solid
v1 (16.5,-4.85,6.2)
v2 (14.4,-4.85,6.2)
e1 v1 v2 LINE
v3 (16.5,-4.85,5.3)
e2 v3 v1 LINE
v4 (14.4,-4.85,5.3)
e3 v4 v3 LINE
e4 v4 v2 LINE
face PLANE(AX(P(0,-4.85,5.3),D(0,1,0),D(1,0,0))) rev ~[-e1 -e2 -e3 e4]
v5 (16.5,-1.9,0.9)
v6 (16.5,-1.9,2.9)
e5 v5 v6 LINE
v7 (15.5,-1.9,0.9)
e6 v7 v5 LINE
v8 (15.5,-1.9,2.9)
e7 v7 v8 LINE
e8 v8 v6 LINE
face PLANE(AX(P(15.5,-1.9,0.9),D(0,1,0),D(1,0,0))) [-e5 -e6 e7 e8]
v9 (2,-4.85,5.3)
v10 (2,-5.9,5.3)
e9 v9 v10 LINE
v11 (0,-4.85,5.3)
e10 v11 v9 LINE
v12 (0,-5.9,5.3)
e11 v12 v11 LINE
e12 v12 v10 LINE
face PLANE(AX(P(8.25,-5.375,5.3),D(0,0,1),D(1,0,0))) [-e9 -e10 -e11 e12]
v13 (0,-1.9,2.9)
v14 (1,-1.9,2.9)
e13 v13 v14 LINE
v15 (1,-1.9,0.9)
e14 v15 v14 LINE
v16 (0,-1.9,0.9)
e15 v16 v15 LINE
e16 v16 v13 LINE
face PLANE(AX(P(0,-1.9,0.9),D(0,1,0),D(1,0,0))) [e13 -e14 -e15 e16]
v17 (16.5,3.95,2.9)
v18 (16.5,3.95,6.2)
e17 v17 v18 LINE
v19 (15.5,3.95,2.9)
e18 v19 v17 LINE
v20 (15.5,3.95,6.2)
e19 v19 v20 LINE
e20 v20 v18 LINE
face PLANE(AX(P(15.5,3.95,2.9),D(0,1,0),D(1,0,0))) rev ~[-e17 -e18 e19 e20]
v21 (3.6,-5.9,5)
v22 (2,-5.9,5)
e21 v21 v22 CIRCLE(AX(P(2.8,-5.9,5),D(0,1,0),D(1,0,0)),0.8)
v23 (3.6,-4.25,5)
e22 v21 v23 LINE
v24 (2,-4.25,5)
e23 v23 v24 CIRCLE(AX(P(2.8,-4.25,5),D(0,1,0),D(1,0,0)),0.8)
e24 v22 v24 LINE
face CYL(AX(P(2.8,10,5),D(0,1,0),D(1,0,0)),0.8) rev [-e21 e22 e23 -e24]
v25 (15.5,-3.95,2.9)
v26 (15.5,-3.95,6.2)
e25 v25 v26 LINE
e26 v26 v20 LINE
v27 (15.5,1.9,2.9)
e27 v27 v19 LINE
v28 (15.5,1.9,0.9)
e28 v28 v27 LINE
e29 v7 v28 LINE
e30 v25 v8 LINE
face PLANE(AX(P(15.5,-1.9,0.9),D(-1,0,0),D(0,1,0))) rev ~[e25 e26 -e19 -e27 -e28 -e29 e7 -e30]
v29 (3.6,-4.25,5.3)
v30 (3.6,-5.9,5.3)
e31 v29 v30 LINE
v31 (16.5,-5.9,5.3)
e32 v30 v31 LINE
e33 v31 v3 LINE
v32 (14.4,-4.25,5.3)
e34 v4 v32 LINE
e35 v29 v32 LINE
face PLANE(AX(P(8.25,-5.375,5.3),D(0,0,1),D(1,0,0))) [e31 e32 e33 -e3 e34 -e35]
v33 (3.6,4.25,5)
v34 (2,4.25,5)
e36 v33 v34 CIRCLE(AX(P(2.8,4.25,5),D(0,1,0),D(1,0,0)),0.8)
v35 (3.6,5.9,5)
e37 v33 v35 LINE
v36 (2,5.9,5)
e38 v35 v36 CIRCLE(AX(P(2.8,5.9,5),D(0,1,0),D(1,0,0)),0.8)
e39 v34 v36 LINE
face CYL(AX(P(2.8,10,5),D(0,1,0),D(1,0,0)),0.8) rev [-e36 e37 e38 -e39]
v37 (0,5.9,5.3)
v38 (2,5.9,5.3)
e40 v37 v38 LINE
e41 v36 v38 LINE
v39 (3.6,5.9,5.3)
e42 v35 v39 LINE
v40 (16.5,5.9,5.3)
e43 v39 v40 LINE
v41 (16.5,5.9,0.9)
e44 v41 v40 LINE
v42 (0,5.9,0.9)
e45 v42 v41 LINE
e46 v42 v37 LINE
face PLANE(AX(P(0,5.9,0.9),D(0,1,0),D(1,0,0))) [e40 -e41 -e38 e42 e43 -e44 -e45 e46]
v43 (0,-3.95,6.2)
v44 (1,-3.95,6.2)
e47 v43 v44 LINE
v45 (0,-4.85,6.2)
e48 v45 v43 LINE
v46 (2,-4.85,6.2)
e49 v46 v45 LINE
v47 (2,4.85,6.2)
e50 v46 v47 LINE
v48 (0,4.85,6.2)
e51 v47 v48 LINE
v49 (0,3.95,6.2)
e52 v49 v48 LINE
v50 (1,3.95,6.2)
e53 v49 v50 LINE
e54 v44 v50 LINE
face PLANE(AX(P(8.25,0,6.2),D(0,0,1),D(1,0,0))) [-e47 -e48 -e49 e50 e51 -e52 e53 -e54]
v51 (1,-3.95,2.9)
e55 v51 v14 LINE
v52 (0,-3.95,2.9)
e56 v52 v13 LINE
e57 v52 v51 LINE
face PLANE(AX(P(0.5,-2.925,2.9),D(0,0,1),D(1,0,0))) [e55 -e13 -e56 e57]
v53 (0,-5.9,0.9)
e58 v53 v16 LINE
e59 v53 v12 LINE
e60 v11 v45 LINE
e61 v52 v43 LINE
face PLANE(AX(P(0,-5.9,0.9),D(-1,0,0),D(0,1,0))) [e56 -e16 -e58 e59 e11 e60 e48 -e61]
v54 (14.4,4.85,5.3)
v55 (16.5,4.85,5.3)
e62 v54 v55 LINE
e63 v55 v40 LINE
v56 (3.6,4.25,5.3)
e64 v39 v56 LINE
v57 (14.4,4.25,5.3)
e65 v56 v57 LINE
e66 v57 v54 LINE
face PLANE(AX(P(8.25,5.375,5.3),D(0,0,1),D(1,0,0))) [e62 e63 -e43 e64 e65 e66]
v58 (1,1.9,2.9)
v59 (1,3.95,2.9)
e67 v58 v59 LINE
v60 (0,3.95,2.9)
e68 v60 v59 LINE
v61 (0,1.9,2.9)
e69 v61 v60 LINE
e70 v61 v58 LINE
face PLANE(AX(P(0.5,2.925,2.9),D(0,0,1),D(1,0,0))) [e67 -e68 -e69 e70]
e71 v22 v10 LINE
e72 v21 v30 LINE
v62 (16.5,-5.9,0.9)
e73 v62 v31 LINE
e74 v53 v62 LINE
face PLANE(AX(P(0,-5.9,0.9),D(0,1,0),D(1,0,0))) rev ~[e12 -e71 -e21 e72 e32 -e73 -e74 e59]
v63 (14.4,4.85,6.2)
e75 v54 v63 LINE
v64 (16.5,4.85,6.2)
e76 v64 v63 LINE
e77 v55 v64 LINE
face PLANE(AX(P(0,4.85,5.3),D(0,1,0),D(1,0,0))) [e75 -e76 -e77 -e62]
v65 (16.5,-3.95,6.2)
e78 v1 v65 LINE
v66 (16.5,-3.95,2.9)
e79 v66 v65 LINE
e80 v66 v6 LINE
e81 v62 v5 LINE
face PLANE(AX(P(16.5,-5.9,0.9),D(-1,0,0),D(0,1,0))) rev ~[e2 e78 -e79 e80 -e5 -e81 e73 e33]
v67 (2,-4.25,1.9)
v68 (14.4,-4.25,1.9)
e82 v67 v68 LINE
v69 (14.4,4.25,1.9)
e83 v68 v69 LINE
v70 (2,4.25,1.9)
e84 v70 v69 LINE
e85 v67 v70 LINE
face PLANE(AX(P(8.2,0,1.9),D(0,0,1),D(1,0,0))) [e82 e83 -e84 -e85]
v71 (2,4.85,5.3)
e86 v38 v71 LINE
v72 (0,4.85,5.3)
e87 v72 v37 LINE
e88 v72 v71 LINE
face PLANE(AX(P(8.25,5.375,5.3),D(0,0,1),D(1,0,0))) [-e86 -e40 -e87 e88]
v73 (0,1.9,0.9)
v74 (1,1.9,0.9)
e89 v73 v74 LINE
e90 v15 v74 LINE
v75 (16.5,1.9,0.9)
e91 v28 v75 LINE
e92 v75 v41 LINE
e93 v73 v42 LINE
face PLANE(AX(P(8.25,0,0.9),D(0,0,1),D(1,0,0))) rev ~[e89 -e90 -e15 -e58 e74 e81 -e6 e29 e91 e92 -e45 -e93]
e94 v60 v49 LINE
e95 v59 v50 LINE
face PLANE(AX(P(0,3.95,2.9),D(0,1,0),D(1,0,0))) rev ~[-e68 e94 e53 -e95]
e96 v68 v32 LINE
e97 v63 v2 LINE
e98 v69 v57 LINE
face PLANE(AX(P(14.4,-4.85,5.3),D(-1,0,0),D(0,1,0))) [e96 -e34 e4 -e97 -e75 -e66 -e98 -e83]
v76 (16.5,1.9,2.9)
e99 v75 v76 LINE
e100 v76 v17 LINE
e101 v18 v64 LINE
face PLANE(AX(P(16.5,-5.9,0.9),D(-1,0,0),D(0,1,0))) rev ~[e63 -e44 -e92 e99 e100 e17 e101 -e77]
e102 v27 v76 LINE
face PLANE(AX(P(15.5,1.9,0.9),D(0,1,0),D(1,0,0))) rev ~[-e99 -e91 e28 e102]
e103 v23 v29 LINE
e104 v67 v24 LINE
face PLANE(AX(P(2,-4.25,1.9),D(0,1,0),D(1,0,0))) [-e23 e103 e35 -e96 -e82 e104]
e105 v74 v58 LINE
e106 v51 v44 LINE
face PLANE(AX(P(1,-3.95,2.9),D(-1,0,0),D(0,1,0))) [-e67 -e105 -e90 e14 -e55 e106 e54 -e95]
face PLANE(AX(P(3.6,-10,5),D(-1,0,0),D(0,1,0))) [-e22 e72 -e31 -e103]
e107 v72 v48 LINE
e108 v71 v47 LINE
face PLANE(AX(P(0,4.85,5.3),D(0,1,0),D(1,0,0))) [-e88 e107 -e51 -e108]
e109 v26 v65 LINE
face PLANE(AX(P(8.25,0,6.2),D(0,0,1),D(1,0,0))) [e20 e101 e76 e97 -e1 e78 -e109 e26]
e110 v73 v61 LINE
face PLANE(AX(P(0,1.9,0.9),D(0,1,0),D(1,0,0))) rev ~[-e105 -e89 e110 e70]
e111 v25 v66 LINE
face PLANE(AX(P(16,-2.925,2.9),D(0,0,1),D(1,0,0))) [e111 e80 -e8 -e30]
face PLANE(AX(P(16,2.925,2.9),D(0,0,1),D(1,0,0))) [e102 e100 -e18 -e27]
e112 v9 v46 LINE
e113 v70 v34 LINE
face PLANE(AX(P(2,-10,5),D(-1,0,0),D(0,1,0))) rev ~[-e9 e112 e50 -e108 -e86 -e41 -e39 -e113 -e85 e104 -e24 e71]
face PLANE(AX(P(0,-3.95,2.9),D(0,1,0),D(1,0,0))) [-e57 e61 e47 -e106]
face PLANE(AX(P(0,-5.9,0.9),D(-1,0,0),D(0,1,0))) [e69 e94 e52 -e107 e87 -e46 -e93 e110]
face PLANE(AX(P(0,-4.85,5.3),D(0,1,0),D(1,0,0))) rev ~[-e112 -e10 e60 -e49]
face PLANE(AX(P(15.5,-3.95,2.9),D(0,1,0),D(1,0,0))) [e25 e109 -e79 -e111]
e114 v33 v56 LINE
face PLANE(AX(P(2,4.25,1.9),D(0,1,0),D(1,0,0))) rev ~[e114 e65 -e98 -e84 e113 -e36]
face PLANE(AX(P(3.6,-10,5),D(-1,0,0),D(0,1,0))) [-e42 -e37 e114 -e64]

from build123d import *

# Parameters (mm, degrees)
BOX019_W          = 12.3
BOX019_H          = 9.7
BOX019_DEPTH      = 1
CYLINDER004_R     = 0.8
CYLINDER004_DEPTH = 20
BOX018_W          = 1.6
BOX018_H          = 20
BOX018_DEPTH      = 3
BOX017_W          = 12.4
BOX017_H          = 8.5
BOX017_DEPTH      = 4.3
BOX013_W          = 1
BOX013_H          = 2.05
BOX013_DEPTH      = 3.3
BOX014_W          = 1
BOX014_H          = 2.05
BOX014_DEPTH      = 3.3
BOX011_W          = 1
BOX011_H          = 2.05
BOX011_DEPTH      = 3.3
BOX012_W          = 1
BOX012_H          = 2.05
BOX012_DEPTH      = 3.3
BOX010_W          = 1
BOX010_H          = 3.8
BOX010_DEPTH      = 5.3
BOX009_W          = 1
BOX009_H          = 3.8
BOX009_DEPTH      = 5.3
BOX007_W          = 16.5
BOX007_H          = 1.05
BOX007_DEPTH      = 1
BOX008_W          = 16.5
BOX008_H          = 1.05
BOX008_DEPTH      = 1
BOX_W             = 16.5
BOX_H             = 11.8
BOX_DEPTH         = 5.3


with BuildPart() as cube016:
    # Box019 → Box019 (new body)
    with BuildSketch(Plane(origin=(2.1, -4.85, 5.3), x_dir=(1, 0, 0), z_dir=(0, 0, 1))):
        with Locations((6.15, 4.85)):
            Rectangle(BOX019_W, BOX019_H)
    extrude(amount=BOX019_DEPTH)


with BuildPart() as cylinder004:
    # Cylinder004 → Cylinder004 (new body)
    with BuildSketch(Plane(origin=(2.8, 10, 5), x_dir=(1, 0, 0), z_dir=(0, -1, 0))):
        Circle(CYLINDER004_R)
    extrude(amount=CYLINDER004_DEPTH)


with BuildPart() as fusion005:
    # Box018 → Box018 (new body)
    with BuildSketch(Plane(origin=(2, -10, 5), x_dir=(1, 0, 0), z_dir=(0, 0, 1))):
        with Locations((0.8, 10)):
            Rectangle(BOX018_W, BOX018_H)
    extrude(amount=BOX018_DEPTH)

    # Fusion005: union Cylinder004
    add(cylinder004.part)


with BuildPart() as cube:
    # Box017 → Box017 (new body)
    with BuildSketch(Plane(origin=(2, -4.25, 1.9), x_dir=(1, 0, 0), z_dir=(0, 0, 1))):
        with Locations((6.2, 4.25)):
            Rectangle(BOX017_W, BOX017_H)
    extrude(amount=BOX017_DEPTH)


with BuildPart() as cube011:
    # Box013 → Box013 (new body)
    with BuildSketch(Plane(origin=(0, 1.9, 2.9), x_dir=(1, 0, 0), z_dir=(0, 0, 1))):
        with Locations((0.5, 1.025)):
            Rectangle(BOX013_W, BOX013_H)
    extrude(amount=BOX013_DEPTH)


with BuildPart() as cube012:
    # Box014 → Box014 (new body)
    with BuildSketch(Plane(origin=(0, -3.95, 2.9), x_dir=(1, 0, 0), z_dir=(0, 0, 1))):
        with Locations((0.5, 1.025)):
            Rectangle(BOX014_W, BOX014_H)
    extrude(amount=BOX014_DEPTH)


with BuildPart() as cube009:
    # Box011 → Box011 (new body)
    with BuildSketch(Plane(origin=(15.5, -3.95, 2.9), x_dir=(1, 0, 0), z_dir=(0, 0, 1))):
        with Locations((0.5, 1.025)):
            Rectangle(BOX011_W, BOX011_H)
    extrude(amount=BOX011_DEPTH)


with BuildPart() as cube010:
    # Box012 → Box012 (new body)
    with BuildSketch(Plane(origin=(15.5, 1.9, 2.9), x_dir=(1, 0, 0), z_dir=(0, 0, 1))):
        with Locations((0.5, 1.025)):
            Rectangle(BOX012_W, BOX012_H)
    extrude(amount=BOX012_DEPTH)


with BuildPart() as cube008:
    # Box010 → Box010 (new body)
    with BuildSketch(Plane(origin=(15.5, -1.9, 0.9), x_dir=(1, 0, 0), z_dir=(0, 0, 1))):
        with Locations((0.5, 1.9)):
            Rectangle(BOX010_W, BOX010_H)
    extrude(amount=BOX010_DEPTH)


with BuildPart() as fusion003:
    # Box009 → Box009 (new body)
    with BuildSketch(Plane(origin=(0, -1.9, 0.9), x_dir=(1, 0, 0), z_dir=(0, 0, 1))):
        with Locations((0.5, 1.9)):
            Rectangle(BOX009_W, BOX009_H)
    extrude(amount=BOX009_DEPTH)

    # Fusion003: union Cube011, Cube012, Cube009, Cube010, Cube008
    add(cube011.part)
    add(cube012.part)
    add(cube009.part)
    add(cube010.part)
    add(cube008.part)


with BuildPart() as cube005:
    # Box007 → Box007 (new body)
    with BuildSketch(Plane(origin=(0, 4.85, 5.3), x_dir=(1, 0, 0), z_dir=(0, 0, 1))):
        with Locations((8.25, 0.525)):
            Rectangle(BOX007_W, BOX007_H)
    extrude(amount=BOX007_DEPTH)


with BuildPart() as fusion002:
    # Box008 → Box008 (new body)
    with BuildSketch(Plane(origin=(0, -5.9, 5.3), x_dir=(1, 0, 0), z_dir=(0, 0, 1))):
        with Locations((8.25, 0.525)):
            Rectangle(BOX008_W, BOX008_H)
    extrude(amount=BOX008_DEPTH)

    # Fusion002: union Cube005
    add(cube005.part)


with BuildPart() as cut006:
    # Box → Box (new body)
    with BuildSketch(Plane(origin=(0, -5.9, 0.9), x_dir=(1, 0, 0), z_dir=(0, 0, 1))):
        with Locations((8.25, 5.9)):
            Rectangle(BOX_W, BOX_H)
    extrude(amount=BOX_DEPTH)

    # Cut002: cut Fusion002
    add(fusion002.part, mode=Mode.SUBTRACT)

    # Cut003: cut Fusion003
    add(fusion003.part, mode=Mode.SUBTRACT)

    # Cut004: cut Cube
    add(cube.part, mode=Mode.SUBTRACT)

    # Cut005: cut Fusion005
    add(fusion005.part, mode=Mode.SUBTRACT)

    # Cut006: cut Cube016
    add(cube016.part, mode=Mode.SUBTRACT)


solid = cut006.part
